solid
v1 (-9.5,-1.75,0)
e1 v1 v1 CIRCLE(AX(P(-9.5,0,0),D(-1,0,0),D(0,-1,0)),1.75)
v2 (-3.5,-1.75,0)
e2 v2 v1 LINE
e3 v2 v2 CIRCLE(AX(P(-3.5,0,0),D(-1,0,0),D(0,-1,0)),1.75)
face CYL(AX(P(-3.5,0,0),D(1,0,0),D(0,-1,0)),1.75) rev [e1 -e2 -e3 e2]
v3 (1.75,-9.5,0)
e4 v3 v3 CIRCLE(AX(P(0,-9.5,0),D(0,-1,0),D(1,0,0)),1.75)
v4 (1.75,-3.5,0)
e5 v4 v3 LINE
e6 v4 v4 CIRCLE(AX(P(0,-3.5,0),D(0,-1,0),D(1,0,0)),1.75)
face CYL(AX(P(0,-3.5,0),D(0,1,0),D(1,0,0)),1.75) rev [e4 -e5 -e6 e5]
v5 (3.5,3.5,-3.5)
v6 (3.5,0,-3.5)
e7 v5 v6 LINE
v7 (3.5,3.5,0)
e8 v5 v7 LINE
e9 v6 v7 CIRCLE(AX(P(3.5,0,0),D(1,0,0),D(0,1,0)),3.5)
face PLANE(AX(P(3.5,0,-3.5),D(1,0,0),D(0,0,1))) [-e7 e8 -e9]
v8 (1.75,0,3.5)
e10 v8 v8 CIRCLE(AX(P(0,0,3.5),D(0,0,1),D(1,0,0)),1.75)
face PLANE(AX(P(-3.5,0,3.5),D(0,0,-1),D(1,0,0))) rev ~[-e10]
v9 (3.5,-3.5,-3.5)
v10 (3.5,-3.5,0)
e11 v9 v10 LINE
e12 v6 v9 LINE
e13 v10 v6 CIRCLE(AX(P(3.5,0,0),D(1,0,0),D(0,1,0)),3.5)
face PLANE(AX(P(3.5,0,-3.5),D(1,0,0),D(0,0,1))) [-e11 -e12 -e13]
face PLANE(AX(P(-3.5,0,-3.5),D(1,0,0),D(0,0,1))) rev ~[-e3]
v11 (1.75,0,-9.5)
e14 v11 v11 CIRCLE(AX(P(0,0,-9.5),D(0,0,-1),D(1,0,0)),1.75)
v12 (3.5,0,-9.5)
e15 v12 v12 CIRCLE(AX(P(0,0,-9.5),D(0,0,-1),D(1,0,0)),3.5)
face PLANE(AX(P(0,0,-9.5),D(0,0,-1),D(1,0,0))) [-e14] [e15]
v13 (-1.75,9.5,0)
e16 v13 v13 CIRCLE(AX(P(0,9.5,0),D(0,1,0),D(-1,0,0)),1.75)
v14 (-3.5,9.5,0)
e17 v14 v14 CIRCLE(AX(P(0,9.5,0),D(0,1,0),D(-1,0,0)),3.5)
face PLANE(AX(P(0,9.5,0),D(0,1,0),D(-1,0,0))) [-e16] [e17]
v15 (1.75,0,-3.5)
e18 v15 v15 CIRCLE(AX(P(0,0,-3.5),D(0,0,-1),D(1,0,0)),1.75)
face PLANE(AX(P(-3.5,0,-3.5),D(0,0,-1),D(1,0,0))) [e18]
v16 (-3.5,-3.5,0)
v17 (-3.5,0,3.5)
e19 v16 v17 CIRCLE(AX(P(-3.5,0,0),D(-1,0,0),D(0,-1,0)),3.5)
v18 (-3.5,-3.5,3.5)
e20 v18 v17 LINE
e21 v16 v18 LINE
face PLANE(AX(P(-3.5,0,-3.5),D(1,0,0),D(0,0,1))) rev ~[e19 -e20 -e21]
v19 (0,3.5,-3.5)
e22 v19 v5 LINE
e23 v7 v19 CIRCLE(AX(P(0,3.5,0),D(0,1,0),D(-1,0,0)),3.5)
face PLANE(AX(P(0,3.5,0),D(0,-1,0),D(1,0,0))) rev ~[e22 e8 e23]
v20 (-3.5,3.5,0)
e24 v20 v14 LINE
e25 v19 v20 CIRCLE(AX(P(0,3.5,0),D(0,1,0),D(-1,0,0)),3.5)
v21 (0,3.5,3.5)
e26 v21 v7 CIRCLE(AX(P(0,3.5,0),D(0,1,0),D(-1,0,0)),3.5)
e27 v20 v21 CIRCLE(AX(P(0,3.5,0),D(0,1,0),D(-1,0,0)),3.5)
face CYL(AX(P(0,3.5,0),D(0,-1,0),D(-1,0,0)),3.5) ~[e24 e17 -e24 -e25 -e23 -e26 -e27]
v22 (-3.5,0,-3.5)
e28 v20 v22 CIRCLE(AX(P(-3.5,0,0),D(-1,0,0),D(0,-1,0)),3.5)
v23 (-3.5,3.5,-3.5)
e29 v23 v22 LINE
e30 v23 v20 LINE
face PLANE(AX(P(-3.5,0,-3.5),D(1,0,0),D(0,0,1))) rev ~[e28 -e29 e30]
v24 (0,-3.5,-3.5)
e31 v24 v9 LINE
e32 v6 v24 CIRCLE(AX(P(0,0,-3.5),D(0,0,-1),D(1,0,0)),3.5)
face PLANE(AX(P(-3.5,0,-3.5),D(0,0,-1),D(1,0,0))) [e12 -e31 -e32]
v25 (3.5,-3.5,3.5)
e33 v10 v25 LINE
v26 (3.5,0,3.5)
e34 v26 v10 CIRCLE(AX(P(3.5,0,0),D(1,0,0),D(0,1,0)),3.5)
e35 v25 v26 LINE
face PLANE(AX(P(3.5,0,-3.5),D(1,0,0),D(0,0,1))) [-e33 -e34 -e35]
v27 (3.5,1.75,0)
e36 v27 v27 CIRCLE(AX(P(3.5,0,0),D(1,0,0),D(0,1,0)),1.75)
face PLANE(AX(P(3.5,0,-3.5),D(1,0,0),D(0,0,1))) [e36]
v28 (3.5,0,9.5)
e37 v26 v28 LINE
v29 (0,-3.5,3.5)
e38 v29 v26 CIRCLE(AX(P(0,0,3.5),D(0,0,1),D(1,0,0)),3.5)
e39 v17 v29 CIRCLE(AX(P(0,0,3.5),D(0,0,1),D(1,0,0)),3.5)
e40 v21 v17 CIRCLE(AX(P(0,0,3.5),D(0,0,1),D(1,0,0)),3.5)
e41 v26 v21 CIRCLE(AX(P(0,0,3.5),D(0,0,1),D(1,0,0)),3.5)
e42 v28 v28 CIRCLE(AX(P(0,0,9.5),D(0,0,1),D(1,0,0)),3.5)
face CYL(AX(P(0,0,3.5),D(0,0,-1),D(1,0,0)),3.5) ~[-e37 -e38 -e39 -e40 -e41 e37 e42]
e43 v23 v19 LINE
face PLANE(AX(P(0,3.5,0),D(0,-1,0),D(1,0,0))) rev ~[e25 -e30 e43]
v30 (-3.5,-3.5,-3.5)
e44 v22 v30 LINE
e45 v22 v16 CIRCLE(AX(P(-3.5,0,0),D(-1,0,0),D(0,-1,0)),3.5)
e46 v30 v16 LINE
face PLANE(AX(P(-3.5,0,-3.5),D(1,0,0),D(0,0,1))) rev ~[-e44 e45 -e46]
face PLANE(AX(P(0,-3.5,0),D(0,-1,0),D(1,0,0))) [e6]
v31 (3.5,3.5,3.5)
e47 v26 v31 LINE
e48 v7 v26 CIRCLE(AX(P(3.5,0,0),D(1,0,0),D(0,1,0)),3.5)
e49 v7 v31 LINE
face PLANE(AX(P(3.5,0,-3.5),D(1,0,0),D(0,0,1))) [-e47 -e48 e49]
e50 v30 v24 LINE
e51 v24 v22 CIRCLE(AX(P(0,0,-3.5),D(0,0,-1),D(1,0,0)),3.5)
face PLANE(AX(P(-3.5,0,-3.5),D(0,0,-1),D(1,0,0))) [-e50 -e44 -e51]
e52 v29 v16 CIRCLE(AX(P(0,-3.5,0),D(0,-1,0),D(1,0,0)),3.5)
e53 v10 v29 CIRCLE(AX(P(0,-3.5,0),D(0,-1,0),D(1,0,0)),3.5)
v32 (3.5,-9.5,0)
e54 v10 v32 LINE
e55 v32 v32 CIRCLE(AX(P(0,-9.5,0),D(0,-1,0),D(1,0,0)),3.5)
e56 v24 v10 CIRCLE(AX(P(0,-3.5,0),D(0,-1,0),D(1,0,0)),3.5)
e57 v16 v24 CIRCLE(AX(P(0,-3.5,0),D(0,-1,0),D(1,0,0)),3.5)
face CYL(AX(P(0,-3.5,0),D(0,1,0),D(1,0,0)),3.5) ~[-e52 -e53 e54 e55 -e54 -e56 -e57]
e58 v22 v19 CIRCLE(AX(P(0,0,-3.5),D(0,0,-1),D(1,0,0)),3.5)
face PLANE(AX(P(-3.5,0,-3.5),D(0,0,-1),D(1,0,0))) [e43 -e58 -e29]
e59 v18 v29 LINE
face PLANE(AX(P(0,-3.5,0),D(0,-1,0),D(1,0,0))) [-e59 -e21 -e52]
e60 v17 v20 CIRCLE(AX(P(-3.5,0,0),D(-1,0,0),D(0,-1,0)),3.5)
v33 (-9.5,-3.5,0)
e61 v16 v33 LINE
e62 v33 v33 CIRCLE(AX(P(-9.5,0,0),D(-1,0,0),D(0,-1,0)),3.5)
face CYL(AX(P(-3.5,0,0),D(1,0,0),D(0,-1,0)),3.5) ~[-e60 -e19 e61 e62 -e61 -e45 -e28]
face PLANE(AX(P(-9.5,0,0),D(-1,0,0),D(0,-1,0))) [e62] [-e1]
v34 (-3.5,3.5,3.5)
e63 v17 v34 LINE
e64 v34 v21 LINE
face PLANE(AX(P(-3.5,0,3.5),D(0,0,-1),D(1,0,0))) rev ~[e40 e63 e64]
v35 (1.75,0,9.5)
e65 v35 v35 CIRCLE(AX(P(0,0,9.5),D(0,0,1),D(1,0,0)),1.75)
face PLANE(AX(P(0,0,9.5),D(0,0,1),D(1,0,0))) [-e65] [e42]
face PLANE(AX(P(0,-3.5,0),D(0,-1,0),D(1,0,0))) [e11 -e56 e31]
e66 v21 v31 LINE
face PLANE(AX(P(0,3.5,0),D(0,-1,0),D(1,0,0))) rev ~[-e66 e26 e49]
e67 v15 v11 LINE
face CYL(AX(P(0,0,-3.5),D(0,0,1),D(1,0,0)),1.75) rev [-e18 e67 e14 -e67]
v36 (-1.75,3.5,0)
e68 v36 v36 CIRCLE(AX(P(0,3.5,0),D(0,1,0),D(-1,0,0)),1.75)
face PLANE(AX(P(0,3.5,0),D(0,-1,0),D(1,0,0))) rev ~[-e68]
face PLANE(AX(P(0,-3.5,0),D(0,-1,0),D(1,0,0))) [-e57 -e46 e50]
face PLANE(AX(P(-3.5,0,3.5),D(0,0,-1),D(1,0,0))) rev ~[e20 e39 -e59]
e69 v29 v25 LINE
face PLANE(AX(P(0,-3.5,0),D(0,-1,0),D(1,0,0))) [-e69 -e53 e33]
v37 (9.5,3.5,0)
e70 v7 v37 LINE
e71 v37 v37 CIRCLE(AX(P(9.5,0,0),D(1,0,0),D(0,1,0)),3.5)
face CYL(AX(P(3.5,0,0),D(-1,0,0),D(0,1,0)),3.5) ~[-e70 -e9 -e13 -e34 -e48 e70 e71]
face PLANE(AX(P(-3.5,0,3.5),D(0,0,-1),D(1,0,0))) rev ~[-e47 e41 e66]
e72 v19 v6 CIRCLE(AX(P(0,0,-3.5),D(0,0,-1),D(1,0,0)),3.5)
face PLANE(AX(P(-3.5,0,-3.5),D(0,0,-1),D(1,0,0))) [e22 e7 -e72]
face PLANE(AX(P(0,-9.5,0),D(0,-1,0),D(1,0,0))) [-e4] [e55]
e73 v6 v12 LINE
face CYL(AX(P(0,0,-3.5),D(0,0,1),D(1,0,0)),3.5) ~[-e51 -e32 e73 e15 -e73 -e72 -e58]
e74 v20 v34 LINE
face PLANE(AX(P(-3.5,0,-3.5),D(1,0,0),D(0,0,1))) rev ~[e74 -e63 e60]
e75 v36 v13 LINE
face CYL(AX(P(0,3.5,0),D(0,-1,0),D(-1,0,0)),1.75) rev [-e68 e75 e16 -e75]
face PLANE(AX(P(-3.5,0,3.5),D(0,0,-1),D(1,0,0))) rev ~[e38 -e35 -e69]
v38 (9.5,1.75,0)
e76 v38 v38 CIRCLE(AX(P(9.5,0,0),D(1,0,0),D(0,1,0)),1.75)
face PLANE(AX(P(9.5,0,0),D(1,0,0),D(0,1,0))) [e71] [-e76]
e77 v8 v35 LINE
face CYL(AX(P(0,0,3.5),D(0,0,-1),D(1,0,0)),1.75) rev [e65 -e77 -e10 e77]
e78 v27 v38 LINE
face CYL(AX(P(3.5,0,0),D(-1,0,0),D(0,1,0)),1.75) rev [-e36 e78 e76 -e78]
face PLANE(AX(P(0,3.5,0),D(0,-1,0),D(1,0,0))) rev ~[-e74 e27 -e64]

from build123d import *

# Parameters (mm, degrees)
F0_W      = 7
F0_H      = 7
F1_DEPTH  = 3.5
F2_R      = 3.5
F2_R_2    = 1.75
F3_DEPTH  = 6
F4_R      = 3.5
F4_R_2    = 1.75
F5_DEPTH  = 6
F6_R      = 3.5
F6_R_2    = 1.75
F7_DEPTH  = 6
F8_R      = 3.5
F8_R_2    = 1.75
F9_DEPTH  = 6
F10_R     = 3.5
F10_R_2   = 1.75
F11_DEPTH = 6
F12_R     = 3.5
F12_R_2   = 1.75
F13_DEPTH = 6


with BuildPart() as f1:
    # F0 (on Front) → F1 (new body, symmetric)
    with BuildSketch(Plane.XZ):
        Rectangle(F0_W, F0_H)
    extrude(amount=F1_DEPTH, both=True)

    # F2 (on face) → F3 (join)
    with BuildSketch(Plane.XZ.offset(3.5)):
        Circle(F2_R)
        Circle(F2_R_2, mode=Mode.SUBTRACT)
    extrude(amount=F3_DEPTH)

    # F4 (on face) → F5 (join)
    with BuildSketch(Plane(origin=(0, 0, -3.5), x_dir=(1, 0, 0), z_dir=(0, 0, -1))):
        Circle(F4_R)
        Circle(F4_R_2, mode=Mode.SUBTRACT)
    extrude(amount=F5_DEPTH)

    # F6 (on face) → F7 (join)
    with BuildSketch(Plane(origin=(0, 3.5, 0), x_dir=(-1, 0, 0), z_dir=(0, 1, 0))):
        Circle(F6_R)
        Circle(F6_R_2, mode=Mode.SUBTRACT)
    extrude(amount=F7_DEPTH)

    # F8 (on face) → F9 (join)
    with BuildSketch(Plane.XY.offset(3.5)):
        Circle(F8_R)
        Circle(F8_R_2, mode=Mode.SUBTRACT)
    extrude(amount=F9_DEPTH)

    # F10 (on face) → F11 (join)
    with BuildSketch(Plane(origin=(-3.5, 0, 0), x_dir=(0, -1, 0), z_dir=(-1, 0, 0))):
        Circle(F10_R)
        Circle(F10_R_2, mode=Mode.SUBTRACT)
    extrude(amount=F11_DEPTH)

    # F12 (on face) → F13 (join)
    with BuildSketch(Plane.YZ.offset(3.5)):
        Circle(F12_R)
        Circle(F12_R_2, mode=Mode.SUBTRACT)
    extrude(amount=F13_DEPTH)


solid = f1.part
